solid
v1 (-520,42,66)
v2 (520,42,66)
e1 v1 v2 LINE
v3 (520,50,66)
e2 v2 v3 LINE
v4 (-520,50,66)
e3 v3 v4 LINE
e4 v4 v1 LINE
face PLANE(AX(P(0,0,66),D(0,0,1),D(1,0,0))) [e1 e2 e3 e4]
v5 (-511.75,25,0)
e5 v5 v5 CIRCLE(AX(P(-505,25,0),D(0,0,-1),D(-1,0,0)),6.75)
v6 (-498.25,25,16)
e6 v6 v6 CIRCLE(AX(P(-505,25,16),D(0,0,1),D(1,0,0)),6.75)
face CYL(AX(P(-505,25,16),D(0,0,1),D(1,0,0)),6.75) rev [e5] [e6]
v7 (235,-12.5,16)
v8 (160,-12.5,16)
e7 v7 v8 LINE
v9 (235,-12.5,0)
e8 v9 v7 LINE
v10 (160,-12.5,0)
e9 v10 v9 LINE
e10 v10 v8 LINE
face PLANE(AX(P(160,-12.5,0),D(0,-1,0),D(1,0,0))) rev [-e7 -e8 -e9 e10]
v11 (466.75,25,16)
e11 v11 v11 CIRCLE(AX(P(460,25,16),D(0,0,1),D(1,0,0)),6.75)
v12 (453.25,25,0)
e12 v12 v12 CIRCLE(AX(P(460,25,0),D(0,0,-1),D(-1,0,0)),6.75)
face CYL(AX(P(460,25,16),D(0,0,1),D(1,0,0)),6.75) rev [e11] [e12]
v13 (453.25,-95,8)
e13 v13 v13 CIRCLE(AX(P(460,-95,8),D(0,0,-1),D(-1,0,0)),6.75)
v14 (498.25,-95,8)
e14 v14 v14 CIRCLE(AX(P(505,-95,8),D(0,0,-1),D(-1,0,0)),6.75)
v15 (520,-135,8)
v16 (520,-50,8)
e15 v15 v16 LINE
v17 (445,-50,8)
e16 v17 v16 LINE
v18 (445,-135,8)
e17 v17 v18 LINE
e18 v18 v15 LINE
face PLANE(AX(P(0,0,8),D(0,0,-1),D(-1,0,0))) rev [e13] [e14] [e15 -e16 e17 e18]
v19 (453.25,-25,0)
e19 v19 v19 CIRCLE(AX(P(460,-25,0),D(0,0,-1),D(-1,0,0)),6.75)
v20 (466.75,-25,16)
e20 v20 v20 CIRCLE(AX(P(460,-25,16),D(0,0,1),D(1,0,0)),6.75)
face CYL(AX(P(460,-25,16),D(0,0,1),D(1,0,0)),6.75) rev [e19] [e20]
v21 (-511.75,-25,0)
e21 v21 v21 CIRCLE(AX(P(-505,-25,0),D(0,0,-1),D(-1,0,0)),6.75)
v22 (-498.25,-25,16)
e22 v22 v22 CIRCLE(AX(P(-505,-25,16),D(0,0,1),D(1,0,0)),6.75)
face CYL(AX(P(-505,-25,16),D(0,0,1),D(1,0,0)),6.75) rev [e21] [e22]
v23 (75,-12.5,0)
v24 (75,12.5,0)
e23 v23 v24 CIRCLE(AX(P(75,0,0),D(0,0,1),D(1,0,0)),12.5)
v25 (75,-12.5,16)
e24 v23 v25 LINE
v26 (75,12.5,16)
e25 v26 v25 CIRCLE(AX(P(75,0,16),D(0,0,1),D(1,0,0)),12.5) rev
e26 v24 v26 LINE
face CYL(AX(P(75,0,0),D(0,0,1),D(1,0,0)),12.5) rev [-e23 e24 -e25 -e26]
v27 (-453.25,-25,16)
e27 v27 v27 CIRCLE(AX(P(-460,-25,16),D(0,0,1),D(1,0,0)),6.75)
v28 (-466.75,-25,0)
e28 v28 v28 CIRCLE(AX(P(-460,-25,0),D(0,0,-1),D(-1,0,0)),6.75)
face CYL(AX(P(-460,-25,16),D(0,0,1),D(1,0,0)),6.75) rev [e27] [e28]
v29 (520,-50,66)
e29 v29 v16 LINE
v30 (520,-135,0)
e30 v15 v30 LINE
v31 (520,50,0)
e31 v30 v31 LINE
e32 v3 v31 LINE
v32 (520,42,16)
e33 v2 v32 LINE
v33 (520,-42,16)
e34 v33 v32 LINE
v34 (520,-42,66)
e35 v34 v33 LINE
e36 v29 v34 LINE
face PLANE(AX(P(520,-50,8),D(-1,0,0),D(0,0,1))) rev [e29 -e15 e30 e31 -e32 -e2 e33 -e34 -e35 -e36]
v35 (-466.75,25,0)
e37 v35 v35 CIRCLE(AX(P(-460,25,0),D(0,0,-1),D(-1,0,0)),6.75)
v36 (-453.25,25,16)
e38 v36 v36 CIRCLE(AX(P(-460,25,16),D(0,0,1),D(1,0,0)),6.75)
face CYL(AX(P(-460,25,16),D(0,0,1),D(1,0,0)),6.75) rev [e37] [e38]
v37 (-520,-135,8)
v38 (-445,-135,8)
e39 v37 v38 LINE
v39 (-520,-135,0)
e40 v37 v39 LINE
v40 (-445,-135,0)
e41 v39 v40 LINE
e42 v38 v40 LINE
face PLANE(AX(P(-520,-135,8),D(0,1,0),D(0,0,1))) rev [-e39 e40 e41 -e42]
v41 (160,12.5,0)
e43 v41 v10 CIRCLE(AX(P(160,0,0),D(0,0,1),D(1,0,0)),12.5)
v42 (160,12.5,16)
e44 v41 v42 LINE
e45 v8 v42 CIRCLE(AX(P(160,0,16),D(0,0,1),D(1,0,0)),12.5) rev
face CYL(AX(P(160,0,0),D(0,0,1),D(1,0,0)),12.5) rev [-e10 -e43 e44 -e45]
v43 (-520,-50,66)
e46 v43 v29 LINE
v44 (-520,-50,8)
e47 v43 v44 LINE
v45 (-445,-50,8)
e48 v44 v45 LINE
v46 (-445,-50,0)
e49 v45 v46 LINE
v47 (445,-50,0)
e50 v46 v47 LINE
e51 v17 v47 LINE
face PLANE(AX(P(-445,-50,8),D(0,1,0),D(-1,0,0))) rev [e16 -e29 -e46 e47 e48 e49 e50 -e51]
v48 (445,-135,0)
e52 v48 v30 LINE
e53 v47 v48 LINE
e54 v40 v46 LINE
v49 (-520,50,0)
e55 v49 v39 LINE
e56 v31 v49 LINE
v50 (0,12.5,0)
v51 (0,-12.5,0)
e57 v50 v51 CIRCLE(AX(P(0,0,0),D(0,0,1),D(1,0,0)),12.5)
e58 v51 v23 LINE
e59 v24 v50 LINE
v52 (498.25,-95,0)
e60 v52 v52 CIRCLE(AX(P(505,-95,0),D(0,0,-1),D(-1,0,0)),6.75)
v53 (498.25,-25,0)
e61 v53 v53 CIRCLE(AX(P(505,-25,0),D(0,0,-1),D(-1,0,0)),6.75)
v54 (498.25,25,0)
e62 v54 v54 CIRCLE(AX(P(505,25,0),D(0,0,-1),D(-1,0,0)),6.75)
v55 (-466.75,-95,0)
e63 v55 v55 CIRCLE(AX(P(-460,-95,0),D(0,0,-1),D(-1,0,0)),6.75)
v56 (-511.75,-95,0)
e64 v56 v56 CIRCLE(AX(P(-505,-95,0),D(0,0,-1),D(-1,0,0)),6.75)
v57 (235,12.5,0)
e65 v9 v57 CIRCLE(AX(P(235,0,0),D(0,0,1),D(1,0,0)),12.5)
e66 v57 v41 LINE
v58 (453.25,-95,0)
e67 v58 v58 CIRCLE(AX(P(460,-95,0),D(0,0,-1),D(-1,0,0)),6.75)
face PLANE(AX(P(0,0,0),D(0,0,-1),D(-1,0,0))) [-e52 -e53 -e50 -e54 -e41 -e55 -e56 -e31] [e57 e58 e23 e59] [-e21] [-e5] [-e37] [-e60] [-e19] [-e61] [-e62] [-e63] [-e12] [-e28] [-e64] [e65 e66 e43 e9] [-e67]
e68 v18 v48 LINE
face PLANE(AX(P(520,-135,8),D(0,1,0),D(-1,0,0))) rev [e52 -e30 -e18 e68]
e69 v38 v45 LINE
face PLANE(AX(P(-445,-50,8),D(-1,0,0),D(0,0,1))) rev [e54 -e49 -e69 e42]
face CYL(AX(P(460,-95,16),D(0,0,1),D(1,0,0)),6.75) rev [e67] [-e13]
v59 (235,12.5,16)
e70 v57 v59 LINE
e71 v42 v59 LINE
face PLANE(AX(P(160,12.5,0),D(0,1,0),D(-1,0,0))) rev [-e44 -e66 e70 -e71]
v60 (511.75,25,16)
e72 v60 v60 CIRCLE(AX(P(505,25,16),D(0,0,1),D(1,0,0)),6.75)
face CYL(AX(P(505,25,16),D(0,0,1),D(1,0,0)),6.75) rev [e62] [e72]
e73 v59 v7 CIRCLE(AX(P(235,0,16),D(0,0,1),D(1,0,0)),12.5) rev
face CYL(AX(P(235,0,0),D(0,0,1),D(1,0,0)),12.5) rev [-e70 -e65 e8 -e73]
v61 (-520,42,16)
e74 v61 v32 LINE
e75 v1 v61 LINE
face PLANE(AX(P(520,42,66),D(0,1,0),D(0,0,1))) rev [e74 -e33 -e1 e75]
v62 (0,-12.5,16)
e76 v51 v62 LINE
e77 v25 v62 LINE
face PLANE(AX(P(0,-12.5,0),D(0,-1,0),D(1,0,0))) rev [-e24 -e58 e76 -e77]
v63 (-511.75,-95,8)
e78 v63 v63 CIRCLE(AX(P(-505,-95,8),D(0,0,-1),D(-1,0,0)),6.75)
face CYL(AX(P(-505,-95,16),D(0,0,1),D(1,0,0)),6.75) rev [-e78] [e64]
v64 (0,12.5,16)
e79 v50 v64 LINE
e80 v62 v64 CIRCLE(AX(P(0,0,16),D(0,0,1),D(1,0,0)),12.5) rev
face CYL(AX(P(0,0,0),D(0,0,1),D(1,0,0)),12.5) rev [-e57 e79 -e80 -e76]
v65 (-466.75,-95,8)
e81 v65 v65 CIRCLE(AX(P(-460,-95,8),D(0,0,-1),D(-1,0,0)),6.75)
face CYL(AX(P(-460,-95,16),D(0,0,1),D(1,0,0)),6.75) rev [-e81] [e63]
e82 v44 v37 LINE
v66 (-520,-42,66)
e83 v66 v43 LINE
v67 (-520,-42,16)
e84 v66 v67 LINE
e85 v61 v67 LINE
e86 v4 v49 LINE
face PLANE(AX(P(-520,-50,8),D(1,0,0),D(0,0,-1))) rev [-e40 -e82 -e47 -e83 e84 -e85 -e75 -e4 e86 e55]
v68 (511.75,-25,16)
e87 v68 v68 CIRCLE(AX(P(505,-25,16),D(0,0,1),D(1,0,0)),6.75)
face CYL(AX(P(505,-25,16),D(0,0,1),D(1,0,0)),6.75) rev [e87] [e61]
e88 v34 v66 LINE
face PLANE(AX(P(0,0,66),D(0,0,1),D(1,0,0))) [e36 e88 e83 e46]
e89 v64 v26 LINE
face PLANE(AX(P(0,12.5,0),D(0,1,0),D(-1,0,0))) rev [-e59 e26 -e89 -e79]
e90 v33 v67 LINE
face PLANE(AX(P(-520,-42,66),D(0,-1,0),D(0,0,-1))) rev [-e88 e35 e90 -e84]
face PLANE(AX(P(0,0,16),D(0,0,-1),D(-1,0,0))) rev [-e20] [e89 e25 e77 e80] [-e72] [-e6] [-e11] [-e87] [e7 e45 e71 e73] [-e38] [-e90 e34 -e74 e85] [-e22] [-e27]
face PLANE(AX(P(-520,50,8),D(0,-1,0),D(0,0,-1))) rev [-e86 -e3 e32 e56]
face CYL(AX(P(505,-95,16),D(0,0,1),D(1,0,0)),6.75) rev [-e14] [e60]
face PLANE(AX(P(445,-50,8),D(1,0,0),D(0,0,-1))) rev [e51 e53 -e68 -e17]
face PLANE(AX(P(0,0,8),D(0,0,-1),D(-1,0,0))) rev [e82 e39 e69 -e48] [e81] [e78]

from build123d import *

# Parameters (mm, degrees)
BOSS_EXTRUDE1_DEPTH     = 8
SKETCH2_W               = 1040
SKETCH2_H               = 100
BOSS_EXTRUDE2_DEPTH     = 8
CUT_EXTRUDE1_DEPTH      = 538.476511115
CUT_EXTRUDE1_DEPTH_BACK = 538.476511115
SKETCH4_W               = 1040
SKETCH4_H               = 8
BOSS_EXTRUDE3_DEPTH     = 50
F_12_0MM_DOWEL_HOLE1_D  = 13.5


with BuildPart() as part:
    # Sketch1 → Boss-Extrude1 (new body)
    with BuildSketch(Plane.XY):
        Polygon((-445, -50), (445, -50), (445, -135), (520, -135), (520, -50), (520, 50), (-520, 50), (-520, -50), (-520, -135), (-445, -135), align=None)
    extrude(amount=BOSS_EXTRUDE1_DEPTH)

    # Sketch2 → Boss-Extrude2 (add)
    with BuildSketch(Plane.XY.offset(8)):
        Rectangle(SKETCH2_W, SKETCH2_H)
    extrude(amount=BOSS_EXTRUDE2_DEPTH)

    # Sketch3 → Cut-Extrude1 (cut, two sides: drawn at the far end of the back side and taken through both)
    with BuildSketch(Plane.XY.offset(16).offset(-CUT_EXTRUDE1_DEPTH_BACK)):
        with BuildLine():
            Line((0, 12.5), (75, 12.5))
            ThreePointArc((75, 12.5), (87.5, 0), (75, -12.5))
            Line((75, -12.5), (0, -12.5))
            ThreePointArc((0, -12.5), (-12.5, 0), (0, 12.5))
        make_face()
        with BuildLine():
            Line((160, 12.5), (235, 12.5))
            ThreePointArc((235, 12.5), (247.5, 0), (235, -12.5))
            Line((235, -12.5), (160, -12.5))
            ThreePointArc((160, -12.5), (147.5, 0), (160, 12.5))
        make_face()
    extrude(amount=CUT_EXTRUDE1_DEPTH + CUT_EXTRUDE1_DEPTH_BACK, mode=Mode.SUBTRACT)

    # Sketch4 → Boss-Extrude3 (add)
    with BuildSketch(Plane.XY.offset(16)):
        with Locations((0, 46)):
            Rectangle(SKETCH4_W, SKETCH4_H)
        with Locations((0, -46)):
            Rectangle(SKETCH4_W, SKETCH4_H)
    extrude(amount=BOSS_EXTRUDE3_DEPTH)

    # Ø12.0mm Dowel Hole1 (through all)
    with Locations(Plane.XY.offset(16)):
        with Locations((-460, 25), (-505, 25), (-505, -25), (-460, -25), (-460, -95), (-505, -95), (460, -95), (505, -95), (505, -25), (460, -25), (460, 25), (505, 25)):
            Hole(F_12_0MM_DOWEL_HOLE1_D / 2)


solid = part.part
